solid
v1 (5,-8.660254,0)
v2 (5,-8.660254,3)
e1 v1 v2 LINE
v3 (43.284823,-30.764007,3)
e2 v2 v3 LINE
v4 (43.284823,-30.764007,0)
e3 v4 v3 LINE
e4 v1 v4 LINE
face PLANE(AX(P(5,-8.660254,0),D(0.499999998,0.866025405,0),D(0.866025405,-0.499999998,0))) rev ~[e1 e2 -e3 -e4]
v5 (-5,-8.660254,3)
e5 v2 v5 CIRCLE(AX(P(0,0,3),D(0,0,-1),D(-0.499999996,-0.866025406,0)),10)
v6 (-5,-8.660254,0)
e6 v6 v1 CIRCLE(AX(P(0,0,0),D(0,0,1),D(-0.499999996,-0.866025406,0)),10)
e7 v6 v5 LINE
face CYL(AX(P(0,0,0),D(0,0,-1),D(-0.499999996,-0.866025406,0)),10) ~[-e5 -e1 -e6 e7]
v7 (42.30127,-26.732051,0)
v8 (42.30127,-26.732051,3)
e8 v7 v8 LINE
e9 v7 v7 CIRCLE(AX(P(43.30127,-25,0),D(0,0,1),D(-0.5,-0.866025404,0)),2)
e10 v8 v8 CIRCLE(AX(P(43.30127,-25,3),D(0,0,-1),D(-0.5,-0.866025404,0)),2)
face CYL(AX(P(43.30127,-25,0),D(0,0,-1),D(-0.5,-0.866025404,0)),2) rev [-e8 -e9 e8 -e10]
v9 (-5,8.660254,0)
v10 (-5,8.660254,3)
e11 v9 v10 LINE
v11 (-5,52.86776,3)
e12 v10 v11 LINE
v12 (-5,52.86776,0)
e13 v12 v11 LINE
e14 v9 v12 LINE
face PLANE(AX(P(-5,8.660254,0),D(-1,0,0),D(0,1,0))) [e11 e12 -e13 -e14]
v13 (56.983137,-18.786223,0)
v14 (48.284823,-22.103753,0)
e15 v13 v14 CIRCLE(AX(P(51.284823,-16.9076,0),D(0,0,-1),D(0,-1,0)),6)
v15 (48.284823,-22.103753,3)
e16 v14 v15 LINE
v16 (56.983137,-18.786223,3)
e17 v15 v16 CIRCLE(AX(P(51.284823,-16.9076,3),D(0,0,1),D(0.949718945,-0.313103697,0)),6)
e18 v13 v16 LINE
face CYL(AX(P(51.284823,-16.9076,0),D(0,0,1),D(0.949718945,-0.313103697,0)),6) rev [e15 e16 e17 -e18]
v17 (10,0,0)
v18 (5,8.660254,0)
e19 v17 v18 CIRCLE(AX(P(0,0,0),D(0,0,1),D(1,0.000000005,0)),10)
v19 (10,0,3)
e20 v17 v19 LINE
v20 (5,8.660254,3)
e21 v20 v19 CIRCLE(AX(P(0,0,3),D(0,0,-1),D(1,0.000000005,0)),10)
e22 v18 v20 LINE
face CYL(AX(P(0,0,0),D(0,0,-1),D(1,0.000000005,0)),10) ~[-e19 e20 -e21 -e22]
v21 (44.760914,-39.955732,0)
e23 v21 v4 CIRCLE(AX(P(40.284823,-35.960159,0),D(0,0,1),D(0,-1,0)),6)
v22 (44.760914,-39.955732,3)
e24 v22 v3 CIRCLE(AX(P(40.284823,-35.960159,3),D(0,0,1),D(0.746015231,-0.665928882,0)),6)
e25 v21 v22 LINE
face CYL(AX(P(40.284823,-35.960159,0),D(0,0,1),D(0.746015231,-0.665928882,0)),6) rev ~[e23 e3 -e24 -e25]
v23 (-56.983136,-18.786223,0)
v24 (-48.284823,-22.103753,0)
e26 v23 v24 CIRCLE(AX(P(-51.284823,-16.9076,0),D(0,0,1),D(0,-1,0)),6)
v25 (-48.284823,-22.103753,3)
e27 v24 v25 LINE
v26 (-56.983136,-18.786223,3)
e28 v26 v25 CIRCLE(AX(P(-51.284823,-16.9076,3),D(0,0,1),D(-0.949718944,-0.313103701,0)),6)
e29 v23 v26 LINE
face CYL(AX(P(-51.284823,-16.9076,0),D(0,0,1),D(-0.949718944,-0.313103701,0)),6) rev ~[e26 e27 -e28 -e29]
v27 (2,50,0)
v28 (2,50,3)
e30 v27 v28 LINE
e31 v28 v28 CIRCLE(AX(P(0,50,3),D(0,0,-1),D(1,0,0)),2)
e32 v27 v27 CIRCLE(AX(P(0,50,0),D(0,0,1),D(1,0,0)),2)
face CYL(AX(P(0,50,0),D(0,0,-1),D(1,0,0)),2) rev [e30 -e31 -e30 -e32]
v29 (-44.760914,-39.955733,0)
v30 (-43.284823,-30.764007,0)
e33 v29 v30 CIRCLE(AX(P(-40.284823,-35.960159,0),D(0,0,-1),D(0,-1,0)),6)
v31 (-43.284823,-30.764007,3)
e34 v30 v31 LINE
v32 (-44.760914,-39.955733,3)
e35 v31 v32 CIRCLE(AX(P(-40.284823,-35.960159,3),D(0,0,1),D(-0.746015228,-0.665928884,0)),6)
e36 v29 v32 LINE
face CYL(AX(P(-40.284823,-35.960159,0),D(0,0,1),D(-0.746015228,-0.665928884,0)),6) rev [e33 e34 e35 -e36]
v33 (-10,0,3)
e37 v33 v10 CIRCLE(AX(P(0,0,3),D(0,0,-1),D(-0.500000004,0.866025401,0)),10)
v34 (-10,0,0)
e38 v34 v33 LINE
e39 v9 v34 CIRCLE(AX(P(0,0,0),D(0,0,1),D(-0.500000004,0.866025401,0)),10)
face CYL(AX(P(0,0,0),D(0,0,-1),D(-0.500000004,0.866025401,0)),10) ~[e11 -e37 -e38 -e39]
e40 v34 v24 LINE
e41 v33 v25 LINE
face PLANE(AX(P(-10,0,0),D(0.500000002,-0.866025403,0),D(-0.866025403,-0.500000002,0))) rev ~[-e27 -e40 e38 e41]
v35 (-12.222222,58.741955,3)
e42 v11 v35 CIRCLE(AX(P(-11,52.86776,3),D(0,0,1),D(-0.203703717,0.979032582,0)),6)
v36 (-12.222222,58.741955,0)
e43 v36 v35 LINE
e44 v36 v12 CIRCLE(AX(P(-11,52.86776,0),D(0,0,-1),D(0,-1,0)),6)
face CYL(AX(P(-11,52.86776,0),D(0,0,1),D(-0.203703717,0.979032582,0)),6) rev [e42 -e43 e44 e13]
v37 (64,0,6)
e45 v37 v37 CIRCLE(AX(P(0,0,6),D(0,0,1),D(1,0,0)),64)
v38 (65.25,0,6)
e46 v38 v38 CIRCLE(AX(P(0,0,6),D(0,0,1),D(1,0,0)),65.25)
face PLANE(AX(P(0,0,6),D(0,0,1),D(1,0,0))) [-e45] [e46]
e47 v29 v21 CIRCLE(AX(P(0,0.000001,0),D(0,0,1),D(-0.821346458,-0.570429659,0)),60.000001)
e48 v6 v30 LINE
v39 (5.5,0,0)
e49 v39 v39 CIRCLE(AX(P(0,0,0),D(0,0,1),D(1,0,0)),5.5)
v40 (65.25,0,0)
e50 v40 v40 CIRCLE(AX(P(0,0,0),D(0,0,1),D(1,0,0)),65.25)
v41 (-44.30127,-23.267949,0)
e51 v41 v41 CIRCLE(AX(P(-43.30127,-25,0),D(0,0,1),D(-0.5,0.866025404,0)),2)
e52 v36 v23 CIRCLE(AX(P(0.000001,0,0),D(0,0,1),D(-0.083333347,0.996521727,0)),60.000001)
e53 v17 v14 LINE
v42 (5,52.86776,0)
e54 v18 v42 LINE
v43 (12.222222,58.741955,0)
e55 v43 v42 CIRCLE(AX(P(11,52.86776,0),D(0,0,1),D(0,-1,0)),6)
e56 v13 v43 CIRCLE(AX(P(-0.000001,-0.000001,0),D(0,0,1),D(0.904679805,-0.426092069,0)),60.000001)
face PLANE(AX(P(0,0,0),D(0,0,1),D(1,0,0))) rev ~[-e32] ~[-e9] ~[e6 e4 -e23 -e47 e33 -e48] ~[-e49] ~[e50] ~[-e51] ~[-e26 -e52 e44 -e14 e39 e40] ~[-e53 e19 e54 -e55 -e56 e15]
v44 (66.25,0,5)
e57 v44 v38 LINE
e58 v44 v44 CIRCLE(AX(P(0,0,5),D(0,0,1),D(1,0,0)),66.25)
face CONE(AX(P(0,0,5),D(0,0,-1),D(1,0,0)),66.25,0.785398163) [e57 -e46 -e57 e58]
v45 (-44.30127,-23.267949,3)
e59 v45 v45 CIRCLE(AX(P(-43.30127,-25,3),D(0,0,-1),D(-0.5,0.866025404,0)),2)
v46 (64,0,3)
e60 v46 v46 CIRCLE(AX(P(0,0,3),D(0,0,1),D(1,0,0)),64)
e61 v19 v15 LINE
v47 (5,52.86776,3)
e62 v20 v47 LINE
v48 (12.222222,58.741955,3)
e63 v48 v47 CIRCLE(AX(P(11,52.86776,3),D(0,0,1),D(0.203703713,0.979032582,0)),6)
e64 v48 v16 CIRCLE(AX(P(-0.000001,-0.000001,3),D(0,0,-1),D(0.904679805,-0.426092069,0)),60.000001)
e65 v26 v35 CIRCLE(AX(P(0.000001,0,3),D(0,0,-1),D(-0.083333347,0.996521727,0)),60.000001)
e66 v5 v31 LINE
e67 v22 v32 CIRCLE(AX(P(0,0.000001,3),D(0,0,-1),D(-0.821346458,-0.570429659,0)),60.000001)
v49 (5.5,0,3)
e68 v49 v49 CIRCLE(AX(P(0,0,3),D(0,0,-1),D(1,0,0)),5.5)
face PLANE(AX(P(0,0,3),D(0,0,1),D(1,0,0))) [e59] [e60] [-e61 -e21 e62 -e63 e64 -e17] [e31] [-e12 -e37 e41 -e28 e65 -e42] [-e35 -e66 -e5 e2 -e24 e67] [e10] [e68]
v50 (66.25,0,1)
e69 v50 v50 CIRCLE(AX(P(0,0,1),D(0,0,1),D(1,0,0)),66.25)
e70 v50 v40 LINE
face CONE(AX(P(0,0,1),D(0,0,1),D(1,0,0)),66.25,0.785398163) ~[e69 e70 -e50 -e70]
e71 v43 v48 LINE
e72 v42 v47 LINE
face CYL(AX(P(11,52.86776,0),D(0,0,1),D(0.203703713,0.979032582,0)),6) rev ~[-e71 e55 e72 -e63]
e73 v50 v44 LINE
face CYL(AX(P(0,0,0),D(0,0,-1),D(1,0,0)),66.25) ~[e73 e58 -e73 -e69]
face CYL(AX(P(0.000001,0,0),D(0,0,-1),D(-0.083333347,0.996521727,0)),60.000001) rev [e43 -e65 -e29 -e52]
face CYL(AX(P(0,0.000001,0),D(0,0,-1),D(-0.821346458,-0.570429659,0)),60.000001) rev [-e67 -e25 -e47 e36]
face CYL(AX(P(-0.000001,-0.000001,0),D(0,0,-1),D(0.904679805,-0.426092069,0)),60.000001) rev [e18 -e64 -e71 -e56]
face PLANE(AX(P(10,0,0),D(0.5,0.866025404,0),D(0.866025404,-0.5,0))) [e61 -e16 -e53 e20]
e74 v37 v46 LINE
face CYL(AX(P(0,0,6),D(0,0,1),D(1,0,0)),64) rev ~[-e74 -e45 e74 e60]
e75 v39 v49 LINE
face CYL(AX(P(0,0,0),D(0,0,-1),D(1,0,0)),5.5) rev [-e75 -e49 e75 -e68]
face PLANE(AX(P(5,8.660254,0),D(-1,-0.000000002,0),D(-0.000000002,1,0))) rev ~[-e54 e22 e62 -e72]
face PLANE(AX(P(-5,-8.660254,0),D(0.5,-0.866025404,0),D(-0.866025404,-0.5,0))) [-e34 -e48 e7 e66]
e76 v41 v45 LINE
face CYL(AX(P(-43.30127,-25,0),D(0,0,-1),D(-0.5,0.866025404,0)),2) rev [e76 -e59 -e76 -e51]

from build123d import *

# Parameters (mm, degrees)
SKETCH_R           = 66.25
PAD_DEPTH          = 6
SKETCH001_R        = 5.5
POCKET_DEPTH       = 6.001
SKETCH002_R        = 2
POCKET001_DEPTH    = 380.959664
POLARPATTERN_COUNT = 3
CHAMFER_SIZE       = 1
FILLET_R           = 6
SKETCH003_R        = 64
POCKET002_DEPTH    = 3


with BuildPart() as part:
    # Sketch → Pad (new body)
    with BuildSketch(Plane.XY):
        Circle(SKETCH_R)
    extrude(amount=PAD_DEPTH)

    # Sketch001 → Pocket (cut, through all)
    with BuildSketch(Plane.XY):
        Circle(SKETCH001_R)
    extrude(amount=POCKET_DEPTH, mode=Mode.SUBTRACT)

    # Sketch002 → Pocket001 (cut, through all)
    with BuildSketch(Plane.XY):
        with Locations((0, 50)):
            Circle(SKETCH002_R)
        with BuildLine():
            ThreePointArc((-5, 59.791304), (-51.961524, 30), (-54.280788, -25.565525))
            Line((-10, 0), (-54.280788, -25.565525))
            ThreePointArc((-5, 8.660254), (-8.660254, 5), (-10, 0))
            Line((-5, 8.660254), (-5, 59.791304))
        make_face()
    pocket001 = extrude(amount=POCKET001_DEPTH, mode=Mode.SUBTRACT)

    # PolarPattern: Pocket001 ×3 about axis
    polarpattern_axis = Axis((0, 0, 0), (0, 0, 1))
    for i in range(1, POLARPATTERN_COUNT):
        add(pocket001.rotate(polarpattern_axis, i * 360 / POLARPATTERN_COUNT), mode=Mode.SUBTRACT)

    # Chamfer
    chamfer_edges = [part.edges().sort_by_distance(p)[0] for p in [
        (-66.25, 0, 6),
        (-66.25, 0, 0),
    ]]
    chamfer(chamfer_edges, length=CHAMFER_SIZE)

    # Fillet
    fillet_edges = [part.edges().sort_by_distance(p)[0] for p in [
        (-54.280788, -25.565525, 3),
        (-5, 59.791304, 3),
        (5, 59.791304, 3),
        (54.280788, -25.565525, 3),
        (49.280788, -34.225779, 3),
        (-49.280788, -34.225779, 3),
    ]]
    fillet(fillet_edges, radius=FILLET_R)

    # Sketch003 (on Face25 of Fillet) → Pocket002 (cut)
    with BuildSketch(Plane.XY.offset(6)):
        Circle(SKETCH003_R)
    extrude(amount=-POCKET002_DEPTH, mode=Mode.SUBTRACT)


solid = part.part
